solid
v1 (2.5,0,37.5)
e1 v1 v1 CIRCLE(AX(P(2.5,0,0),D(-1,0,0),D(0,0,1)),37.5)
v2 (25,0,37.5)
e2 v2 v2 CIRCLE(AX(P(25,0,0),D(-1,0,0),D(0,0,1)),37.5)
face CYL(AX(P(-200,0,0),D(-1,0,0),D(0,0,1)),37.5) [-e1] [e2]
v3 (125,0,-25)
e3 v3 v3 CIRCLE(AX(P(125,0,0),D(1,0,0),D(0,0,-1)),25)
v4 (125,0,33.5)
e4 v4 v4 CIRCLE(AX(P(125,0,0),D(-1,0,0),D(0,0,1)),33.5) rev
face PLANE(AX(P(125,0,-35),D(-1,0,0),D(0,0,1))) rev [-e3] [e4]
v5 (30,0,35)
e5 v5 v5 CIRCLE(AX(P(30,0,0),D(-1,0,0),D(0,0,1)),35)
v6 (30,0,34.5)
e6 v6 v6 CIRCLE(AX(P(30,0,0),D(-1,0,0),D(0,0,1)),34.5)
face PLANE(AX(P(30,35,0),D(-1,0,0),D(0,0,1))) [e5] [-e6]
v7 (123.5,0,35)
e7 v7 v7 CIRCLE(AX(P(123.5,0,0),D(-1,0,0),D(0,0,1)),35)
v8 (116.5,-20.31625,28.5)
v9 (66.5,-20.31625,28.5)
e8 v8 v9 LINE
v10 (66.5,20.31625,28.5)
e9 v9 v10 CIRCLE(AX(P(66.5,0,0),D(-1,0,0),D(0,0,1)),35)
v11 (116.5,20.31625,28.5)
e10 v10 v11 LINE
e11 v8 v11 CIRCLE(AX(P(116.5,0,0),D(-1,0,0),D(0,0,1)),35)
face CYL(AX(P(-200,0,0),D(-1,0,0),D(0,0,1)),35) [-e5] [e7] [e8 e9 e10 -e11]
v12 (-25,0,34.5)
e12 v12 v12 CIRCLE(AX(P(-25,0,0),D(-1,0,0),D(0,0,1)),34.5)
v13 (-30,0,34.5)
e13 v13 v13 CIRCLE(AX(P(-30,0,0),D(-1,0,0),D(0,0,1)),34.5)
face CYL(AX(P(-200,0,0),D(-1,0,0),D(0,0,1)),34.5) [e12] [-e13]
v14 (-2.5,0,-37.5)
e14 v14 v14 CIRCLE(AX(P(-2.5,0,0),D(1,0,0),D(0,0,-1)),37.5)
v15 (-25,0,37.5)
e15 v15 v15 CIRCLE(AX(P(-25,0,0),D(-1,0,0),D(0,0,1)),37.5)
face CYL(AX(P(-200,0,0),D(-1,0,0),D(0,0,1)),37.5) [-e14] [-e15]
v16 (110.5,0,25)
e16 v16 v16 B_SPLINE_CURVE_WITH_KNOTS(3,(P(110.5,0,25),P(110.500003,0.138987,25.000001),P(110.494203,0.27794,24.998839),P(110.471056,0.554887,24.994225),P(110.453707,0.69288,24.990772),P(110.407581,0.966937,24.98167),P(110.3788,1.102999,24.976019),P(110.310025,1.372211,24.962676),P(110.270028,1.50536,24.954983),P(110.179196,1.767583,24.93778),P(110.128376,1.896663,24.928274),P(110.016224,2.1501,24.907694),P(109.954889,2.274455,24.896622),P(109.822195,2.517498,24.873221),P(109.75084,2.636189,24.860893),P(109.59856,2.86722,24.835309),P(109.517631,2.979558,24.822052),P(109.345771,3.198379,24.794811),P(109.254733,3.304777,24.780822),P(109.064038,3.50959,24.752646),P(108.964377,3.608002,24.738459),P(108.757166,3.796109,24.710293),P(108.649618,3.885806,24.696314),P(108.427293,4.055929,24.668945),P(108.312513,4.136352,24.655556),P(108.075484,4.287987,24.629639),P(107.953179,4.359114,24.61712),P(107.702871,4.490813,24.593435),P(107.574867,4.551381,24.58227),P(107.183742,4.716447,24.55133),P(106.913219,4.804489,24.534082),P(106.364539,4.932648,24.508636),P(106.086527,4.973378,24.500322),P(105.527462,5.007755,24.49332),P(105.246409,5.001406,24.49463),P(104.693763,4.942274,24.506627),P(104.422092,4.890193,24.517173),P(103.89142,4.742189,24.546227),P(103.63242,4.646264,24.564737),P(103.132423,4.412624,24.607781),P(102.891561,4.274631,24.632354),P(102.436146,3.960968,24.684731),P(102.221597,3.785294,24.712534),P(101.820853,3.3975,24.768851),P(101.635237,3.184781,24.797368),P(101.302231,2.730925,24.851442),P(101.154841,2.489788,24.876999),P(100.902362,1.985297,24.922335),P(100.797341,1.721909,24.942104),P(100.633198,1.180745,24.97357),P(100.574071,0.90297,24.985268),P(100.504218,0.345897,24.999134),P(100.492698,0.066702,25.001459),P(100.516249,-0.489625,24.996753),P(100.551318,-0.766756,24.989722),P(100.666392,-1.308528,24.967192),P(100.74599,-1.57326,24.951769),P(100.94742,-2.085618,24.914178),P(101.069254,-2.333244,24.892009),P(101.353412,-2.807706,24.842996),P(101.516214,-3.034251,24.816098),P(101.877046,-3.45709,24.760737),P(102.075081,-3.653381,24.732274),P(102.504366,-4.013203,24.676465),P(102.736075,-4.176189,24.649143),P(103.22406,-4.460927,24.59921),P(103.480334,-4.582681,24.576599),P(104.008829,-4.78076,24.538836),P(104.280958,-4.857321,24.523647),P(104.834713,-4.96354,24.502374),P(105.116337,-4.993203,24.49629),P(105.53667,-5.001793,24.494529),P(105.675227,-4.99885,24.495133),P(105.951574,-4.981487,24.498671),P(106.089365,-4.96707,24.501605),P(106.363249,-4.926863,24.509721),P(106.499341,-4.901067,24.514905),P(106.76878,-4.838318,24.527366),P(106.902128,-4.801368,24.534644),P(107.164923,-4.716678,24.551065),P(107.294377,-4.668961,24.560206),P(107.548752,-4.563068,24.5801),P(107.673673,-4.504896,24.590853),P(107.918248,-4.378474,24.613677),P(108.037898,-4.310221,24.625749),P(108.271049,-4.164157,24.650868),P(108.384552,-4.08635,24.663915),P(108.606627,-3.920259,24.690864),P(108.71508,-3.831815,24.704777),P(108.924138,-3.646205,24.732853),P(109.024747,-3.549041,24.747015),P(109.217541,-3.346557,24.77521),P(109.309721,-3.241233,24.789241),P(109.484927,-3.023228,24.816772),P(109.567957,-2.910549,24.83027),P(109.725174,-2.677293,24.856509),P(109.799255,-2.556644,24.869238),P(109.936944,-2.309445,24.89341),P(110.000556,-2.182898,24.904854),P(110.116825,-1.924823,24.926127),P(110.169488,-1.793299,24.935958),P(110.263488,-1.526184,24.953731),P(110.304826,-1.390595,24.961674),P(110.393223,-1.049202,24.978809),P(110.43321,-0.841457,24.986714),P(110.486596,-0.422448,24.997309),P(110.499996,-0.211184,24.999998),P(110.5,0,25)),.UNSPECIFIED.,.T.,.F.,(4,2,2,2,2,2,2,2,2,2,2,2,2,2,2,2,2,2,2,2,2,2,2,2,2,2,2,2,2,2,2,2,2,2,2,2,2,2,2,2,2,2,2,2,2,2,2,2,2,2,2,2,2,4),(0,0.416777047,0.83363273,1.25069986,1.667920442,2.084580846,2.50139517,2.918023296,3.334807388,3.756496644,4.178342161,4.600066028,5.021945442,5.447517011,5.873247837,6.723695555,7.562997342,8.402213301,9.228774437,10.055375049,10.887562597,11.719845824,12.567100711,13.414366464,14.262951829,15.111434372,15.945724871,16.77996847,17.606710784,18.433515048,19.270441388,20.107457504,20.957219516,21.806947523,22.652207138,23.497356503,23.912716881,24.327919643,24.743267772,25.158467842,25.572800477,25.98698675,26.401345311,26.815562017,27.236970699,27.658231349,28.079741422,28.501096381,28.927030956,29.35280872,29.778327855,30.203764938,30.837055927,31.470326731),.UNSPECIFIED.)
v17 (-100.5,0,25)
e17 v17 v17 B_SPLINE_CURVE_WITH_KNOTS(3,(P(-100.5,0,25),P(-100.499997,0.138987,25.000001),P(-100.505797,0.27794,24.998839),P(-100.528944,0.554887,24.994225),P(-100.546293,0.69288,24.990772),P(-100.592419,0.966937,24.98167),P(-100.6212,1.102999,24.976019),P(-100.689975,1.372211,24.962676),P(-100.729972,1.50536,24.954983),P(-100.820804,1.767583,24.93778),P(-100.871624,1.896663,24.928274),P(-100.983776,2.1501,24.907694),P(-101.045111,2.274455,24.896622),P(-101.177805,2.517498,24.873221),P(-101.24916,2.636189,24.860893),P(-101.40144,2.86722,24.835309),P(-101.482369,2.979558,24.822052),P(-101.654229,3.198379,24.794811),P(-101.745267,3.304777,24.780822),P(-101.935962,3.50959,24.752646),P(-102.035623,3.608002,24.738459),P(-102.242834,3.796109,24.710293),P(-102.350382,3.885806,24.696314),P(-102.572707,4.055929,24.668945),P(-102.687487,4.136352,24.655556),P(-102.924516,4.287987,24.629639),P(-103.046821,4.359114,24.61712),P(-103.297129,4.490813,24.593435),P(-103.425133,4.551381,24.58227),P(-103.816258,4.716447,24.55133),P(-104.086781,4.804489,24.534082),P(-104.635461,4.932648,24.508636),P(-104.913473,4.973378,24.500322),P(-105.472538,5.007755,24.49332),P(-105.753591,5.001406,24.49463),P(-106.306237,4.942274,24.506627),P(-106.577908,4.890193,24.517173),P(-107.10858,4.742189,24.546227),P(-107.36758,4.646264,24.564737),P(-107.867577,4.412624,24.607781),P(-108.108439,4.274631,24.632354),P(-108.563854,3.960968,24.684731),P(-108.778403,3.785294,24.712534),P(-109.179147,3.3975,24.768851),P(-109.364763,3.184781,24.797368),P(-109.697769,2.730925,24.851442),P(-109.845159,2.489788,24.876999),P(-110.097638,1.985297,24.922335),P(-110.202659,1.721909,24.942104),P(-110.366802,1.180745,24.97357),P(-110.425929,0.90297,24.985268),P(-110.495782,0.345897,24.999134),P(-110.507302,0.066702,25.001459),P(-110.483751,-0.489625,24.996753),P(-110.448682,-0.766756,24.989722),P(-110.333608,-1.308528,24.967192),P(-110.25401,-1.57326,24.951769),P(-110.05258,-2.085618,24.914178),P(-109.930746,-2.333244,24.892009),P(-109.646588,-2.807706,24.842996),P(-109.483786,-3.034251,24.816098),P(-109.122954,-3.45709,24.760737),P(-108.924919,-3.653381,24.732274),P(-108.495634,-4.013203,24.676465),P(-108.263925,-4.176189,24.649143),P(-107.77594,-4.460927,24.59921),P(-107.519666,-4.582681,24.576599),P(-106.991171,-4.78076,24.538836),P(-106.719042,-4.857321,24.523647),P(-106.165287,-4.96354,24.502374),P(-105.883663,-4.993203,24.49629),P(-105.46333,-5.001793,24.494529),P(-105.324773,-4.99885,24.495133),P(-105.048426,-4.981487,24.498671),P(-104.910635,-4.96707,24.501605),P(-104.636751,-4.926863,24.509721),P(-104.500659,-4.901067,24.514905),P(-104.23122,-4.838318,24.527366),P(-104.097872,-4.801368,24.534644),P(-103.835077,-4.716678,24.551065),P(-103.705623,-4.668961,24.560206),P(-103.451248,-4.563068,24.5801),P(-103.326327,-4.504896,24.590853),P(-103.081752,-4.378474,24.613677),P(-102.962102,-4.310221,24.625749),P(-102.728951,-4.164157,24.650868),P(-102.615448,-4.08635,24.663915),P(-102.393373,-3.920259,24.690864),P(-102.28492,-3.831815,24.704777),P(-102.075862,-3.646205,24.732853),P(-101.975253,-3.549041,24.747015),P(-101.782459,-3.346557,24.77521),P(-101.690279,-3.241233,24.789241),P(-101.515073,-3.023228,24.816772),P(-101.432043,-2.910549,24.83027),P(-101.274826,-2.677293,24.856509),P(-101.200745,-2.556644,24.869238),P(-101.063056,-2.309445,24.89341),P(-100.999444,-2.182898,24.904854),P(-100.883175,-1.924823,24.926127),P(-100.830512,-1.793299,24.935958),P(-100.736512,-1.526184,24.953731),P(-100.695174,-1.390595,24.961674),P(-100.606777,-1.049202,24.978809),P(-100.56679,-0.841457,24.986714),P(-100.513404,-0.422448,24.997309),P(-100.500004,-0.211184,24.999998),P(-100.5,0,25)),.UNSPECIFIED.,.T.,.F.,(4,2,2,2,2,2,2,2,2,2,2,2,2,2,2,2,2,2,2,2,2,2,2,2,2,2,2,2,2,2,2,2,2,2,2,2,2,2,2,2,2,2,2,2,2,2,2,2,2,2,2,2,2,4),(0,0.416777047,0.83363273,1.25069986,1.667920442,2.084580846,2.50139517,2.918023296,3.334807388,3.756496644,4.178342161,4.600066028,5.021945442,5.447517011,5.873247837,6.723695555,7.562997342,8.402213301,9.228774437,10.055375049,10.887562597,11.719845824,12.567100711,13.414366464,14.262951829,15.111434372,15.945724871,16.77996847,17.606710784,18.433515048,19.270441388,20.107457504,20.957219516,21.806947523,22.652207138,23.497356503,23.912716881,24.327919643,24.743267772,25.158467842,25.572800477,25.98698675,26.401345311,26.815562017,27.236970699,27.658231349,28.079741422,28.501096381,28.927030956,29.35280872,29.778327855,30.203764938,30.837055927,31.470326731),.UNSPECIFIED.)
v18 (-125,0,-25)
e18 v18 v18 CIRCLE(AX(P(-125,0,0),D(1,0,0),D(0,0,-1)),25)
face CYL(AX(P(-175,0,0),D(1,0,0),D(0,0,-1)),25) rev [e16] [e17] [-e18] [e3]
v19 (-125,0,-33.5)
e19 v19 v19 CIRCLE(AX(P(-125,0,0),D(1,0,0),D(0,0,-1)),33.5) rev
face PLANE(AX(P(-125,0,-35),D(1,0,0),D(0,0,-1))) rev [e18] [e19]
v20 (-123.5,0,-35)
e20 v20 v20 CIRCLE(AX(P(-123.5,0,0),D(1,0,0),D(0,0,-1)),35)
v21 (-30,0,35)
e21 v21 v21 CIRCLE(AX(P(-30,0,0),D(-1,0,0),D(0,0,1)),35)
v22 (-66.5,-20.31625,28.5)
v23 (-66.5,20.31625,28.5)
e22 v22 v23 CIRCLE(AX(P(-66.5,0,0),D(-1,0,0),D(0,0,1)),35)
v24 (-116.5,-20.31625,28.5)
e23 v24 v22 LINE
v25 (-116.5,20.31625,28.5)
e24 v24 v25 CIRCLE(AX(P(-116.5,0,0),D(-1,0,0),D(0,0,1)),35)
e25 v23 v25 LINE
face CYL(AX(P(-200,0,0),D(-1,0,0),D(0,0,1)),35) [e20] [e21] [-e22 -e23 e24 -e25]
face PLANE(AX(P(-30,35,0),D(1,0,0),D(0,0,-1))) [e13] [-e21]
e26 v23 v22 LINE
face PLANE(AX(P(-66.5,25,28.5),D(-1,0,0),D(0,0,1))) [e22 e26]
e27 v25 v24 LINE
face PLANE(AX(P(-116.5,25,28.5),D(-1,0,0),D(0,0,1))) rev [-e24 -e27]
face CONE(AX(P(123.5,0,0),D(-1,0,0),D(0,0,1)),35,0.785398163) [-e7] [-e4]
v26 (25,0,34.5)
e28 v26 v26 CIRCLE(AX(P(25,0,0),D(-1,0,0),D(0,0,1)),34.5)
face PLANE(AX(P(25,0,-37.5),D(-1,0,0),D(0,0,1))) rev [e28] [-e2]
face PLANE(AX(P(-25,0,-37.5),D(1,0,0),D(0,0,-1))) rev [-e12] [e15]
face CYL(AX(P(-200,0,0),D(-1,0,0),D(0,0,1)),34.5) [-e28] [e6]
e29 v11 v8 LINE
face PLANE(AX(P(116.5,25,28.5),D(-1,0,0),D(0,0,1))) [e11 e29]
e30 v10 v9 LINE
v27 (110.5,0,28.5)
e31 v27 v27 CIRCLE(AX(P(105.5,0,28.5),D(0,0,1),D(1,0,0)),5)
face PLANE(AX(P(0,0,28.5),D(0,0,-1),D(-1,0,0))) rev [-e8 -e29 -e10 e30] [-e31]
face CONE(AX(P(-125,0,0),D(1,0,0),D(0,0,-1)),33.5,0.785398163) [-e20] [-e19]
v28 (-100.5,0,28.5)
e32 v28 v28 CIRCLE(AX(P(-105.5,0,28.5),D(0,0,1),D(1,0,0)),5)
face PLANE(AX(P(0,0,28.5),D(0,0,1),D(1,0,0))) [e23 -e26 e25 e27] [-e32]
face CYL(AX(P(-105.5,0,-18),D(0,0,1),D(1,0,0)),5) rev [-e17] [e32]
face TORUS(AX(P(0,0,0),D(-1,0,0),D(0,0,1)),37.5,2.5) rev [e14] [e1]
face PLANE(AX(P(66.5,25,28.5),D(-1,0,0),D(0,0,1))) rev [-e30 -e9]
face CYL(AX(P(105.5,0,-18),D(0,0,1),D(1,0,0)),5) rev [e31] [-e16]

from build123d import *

# Parameters (mm, degrees)
CHAFL_N2_SIZE          = 1.5
CHAFL_N3_SIZE          = 1.5
CROQUIS2_R             = 2.5
CROQUIS2_W             = 5
CROQUIS2_H             = 0.5
CROQUIS5_R             = 25
CORTAR_EXTRUIR5_DEPTH  = 300
CROQUIS3_W             = 50
CROQUIS3_H             = 50
CORTAR_EXTRUIR9_DEPTH  = 6.5
CROQUIS7_R             = 5
CORTAR_EXTRUIR12_DEPTH = 46.5


with BuildPart() as part:
    # Croquis1 → Revolución1 (revolve)
    with BuildSketch(Plane(origin=(0, 0, 0), x_dir=(1, 0, 0), z_dir=(0, 1, 0)), mode=Mode.PRIVATE) as revoluci_n1_sk:
        Polygon((-25, 37.5), (25, 37.5), (25, 35), (125, 35), (125, 0), (-125, 0), (-125, 35), (-25, 35), align=None)
    revolve(revoluci_n1_sk.sketch.rotate(Axis((-200, 0, 0), (1, 0, 0)), 180), axis=Axis((-200, 0, 0), (1, 0, 0)))

    # Chaflán2
    chafl_n2_edges = [part.edges().sort_by_distance(p)[0] for p in [
        (-125, 0, -35),
    ]]
    chamfer(chafl_n2_edges, length=CHAFL_N2_SIZE)

    # Chaflán3
    chafl_n3_edges = [part.edges().sort_by_distance(p)[0] for p in [
        (125, 0, -35),
    ]]
    chamfer(chafl_n3_edges, length=CHAFL_N3_SIZE)

    # Croquis2 → Cortar-Revolución1 (revolve, cut)
    with BuildSketch(Plane.XY, mode=Mode.PRIVATE) as cortar_revoluci_n1_sk:
        with Locations((0, 37.5)):
            Circle(CROQUIS2_R)
        with Locations((-27.5, 34.75)):
            Rectangle(CROQUIS2_W, CROQUIS2_H)
        with Locations((27.5, 34.75)):
            Rectangle(CROQUIS2_W, CROQUIS2_H)
    revolve(cortar_revoluci_n1_sk.sketch.rotate(Axis((-200, 0, 0), (1, 0, 0)), 90), axis=Axis((-200, 0, 0), (1, 0, 0)), mode=Mode.SUBTRACT)

    # Croquis5 → Cortar-Extruir5 (cut)
    with BuildSketch(Plane(origin=(125, 0, 0), x_dir=(0, 0, -1), z_dir=(1, 0, 0))):
        Circle(CROQUIS5_R)
    extrude(amount=-CORTAR_EXTRUIR5_DEPTH, mode=Mode.SUBTRACT)

    # Croquis3 → Cortar-Extruir9 (cut)
    with BuildSketch(Plane.XY.offset(35)):
        with Locations((91.5, 0)):
            Rectangle(CROQUIS3_W, CROQUIS3_H)
        with Locations((-91.5, 0)):
            Rectangle(CROQUIS3_W, CROQUIS3_H)
    extrude(amount=-CORTAR_EXTRUIR9_DEPTH, mode=Mode.SUBTRACT)

    # Croquis7 → Cortar-Extruir12 (cut)
    with BuildSketch(Plane.XY.offset(28.5)):
        with Locations((-105.5, 0)):
            Circle(CROQUIS7_R)
        with Locations((105.5, 0)):
            Circle(CROQUIS7_R)
    extrude(amount=-CORTAR_EXTRUIR12_DEPTH, mode=Mode.SUBTRACT)


solid = part.part
